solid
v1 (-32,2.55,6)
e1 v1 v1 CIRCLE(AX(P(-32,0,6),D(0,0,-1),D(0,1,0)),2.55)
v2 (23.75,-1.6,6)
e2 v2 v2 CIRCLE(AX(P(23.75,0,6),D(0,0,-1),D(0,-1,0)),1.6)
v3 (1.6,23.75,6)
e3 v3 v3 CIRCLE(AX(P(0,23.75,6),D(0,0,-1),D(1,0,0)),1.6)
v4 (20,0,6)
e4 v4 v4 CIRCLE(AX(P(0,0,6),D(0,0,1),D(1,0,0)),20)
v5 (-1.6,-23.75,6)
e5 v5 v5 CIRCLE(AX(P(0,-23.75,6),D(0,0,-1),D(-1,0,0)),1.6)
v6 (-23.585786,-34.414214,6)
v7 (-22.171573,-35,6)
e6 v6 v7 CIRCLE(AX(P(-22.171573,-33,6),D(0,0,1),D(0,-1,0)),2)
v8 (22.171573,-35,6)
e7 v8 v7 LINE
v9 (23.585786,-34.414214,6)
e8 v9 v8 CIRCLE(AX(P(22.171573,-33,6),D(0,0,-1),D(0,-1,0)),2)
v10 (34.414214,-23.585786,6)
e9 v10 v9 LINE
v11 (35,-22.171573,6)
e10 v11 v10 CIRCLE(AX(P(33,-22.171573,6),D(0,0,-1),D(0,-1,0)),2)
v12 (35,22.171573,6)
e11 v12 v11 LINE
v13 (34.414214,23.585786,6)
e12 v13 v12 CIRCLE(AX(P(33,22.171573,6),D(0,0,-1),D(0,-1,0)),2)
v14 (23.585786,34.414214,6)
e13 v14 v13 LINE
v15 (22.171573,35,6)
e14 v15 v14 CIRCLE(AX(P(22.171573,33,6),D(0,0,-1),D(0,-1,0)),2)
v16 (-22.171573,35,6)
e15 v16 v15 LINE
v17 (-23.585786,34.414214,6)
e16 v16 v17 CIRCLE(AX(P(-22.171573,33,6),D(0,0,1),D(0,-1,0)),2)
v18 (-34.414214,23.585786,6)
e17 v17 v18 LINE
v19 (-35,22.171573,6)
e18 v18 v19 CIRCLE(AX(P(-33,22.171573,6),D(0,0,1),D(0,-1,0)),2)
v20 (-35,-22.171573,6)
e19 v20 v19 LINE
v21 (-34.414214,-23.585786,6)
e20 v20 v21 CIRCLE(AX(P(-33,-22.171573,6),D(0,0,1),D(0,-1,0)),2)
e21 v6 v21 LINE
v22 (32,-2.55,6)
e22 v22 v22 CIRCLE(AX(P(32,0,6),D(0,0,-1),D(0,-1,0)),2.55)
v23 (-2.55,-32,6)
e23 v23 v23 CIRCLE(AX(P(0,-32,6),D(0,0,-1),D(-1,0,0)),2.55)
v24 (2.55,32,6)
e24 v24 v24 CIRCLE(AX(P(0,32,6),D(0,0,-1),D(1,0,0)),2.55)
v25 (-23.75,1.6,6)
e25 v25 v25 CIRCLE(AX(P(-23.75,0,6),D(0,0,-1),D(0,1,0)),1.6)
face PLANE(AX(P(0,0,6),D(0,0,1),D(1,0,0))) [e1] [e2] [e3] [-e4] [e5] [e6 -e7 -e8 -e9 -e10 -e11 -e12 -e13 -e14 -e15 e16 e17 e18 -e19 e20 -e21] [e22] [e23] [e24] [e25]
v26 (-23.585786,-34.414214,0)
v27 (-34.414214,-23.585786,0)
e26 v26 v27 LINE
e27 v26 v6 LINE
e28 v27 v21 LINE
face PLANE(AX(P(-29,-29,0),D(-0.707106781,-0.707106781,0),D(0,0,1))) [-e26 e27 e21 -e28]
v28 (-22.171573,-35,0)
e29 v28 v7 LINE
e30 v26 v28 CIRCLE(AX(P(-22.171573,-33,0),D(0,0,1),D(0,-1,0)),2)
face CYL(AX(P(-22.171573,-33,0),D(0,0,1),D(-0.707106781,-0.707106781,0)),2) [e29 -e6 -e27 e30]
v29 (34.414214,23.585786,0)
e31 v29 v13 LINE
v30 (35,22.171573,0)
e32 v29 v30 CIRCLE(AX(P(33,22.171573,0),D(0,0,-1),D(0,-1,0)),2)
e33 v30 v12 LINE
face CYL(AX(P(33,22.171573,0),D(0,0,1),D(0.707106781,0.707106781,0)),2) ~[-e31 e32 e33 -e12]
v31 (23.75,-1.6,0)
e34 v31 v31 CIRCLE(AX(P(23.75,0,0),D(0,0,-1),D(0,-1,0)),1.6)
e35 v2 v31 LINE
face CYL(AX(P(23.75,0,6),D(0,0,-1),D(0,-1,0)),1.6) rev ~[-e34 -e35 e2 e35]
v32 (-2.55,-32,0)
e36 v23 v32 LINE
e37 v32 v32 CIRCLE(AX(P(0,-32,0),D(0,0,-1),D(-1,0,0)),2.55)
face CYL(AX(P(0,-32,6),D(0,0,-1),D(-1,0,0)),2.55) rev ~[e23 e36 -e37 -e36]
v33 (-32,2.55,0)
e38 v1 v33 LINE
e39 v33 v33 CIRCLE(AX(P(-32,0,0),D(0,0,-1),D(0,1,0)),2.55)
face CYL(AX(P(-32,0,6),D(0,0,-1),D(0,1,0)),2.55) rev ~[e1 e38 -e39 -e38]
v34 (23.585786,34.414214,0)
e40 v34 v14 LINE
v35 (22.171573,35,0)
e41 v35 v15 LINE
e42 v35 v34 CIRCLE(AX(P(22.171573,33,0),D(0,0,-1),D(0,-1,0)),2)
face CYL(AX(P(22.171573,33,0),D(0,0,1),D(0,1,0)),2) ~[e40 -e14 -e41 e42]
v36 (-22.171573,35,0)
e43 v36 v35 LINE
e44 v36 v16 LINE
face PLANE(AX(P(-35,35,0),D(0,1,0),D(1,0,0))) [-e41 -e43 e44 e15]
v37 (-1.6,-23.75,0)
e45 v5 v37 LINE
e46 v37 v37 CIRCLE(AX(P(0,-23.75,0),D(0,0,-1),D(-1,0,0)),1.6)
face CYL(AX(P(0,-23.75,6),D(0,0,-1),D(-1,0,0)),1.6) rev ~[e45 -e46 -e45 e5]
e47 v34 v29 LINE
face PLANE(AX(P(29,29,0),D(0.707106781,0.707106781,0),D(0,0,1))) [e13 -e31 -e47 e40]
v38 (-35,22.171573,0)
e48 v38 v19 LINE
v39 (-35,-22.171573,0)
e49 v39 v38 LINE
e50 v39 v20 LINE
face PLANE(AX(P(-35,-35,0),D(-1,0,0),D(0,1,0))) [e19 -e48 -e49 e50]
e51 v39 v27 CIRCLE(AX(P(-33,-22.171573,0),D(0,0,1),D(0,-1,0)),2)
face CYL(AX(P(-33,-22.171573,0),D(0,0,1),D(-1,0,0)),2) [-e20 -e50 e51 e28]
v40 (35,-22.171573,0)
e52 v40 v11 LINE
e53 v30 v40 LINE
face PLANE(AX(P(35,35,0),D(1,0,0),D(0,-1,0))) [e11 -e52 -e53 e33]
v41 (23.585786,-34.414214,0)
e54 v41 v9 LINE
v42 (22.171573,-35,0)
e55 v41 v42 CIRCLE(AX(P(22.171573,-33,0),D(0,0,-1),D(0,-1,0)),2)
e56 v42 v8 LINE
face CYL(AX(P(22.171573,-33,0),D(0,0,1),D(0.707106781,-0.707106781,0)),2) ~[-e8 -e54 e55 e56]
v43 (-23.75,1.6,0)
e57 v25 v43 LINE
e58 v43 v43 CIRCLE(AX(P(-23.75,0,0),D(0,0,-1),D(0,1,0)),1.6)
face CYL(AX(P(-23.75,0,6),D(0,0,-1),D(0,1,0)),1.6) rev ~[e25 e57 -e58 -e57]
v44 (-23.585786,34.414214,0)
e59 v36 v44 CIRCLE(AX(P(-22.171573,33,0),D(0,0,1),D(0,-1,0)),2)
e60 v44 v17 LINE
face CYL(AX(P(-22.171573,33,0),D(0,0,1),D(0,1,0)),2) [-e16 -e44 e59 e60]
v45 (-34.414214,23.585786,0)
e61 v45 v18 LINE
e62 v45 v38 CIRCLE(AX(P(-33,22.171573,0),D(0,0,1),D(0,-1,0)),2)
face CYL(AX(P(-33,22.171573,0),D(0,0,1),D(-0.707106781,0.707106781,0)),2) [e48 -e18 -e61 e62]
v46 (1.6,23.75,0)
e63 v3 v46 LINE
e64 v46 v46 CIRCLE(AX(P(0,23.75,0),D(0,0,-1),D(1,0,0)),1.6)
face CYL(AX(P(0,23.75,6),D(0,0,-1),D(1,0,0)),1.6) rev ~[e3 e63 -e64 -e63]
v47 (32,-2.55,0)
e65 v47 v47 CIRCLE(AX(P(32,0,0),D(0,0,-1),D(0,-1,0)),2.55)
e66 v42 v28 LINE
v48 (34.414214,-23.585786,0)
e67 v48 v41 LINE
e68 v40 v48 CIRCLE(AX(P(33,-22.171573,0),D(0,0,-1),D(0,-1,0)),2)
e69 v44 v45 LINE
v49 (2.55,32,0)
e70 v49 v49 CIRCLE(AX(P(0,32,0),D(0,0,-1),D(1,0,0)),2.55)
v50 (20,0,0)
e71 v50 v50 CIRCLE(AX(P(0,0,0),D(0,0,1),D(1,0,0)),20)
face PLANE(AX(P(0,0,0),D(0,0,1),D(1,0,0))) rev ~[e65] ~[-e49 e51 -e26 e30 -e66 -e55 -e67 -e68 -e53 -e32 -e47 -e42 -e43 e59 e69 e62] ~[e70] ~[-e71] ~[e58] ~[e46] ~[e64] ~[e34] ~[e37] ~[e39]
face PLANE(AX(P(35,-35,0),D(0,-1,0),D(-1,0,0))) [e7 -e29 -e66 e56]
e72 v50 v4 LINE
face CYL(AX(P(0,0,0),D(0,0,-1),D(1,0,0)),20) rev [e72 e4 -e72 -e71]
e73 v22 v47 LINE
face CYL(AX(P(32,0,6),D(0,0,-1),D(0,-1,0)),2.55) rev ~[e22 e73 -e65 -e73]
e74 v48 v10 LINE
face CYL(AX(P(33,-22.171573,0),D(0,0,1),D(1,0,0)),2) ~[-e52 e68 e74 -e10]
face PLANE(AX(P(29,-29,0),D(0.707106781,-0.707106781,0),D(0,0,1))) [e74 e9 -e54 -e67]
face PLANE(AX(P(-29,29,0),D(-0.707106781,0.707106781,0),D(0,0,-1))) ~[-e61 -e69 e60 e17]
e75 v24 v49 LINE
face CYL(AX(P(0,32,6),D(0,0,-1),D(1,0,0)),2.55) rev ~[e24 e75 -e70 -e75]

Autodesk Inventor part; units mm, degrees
ref_plane "YZ Plane" through (0, 0, 0) normal (1, 0, 0) x (0, 1, 0)
ref_plane "XZ Plane" through (0, 0, 0) normal (0, 1, 0) x (-1, 0, 0)
ref_plane "XY Plane" through (0, 0, 0) normal (0, 0, 1) x (1, 0, 0)
sketch "Sketch1" plane through (0, 0, 0) normal (0, 0, 1) x (1, 0, 0)
  line L0 (-35, 35) -> (35, 35)
  line L1 (35, 35) -> (35, -35)
  line L2 (35, -35) -> (-35, -35)
  line L3 (-35, -35) -> (-35, 35)
  circle A0 centre (0, 0) radius 20
  point P0 (35, 0)
  point P1 (0, 35)
  dimension "d0" = 70
  dimension "d1" = 40
extrude "Extrusion1" add sketch "Sketch1" along normal blind 6
chamfer "Chamfer1" distance 12 angle 45 4 edges at (35, 35, 3) (35, -35, 3) (-35, -35, 3) (-35, 35, 3)
fillet "Fillet1" radius 2 8 edges at (-23, 35, 3) (23, 35, 3) (35, 23, 3) (35, -23, 3) (23, -35, 3) (-23, -35, 3) (-35, -23, 3) (-35, 23, 3)
sketch "Sketch2" plane through (0, 0, 6) normal (0, 0, 1) x (1, 0, 0)
  circle A0 centre (0, 0) radius 32 construction
  point P0 (32, 0)
  dimension "d8" = 64
hole "Hole1" at (32, 0, 6) direction (0, 0, -1) diameter 5.1 end through all
pattern_circular "Circular Pattern1" count 4 over 360 about axis through (0, 0, -10) along (0, 0, 1) of "Hole1"
sketch "Sketch3" plane through (0, 0, 6) normal (0, 0, 1) x (1, 0, 0)
  circle A0 centre (0, 0) radius 23.75 construction
  point P0 (23.75, 0)
  dimension "d19" = 47.5
hole "Hole2" at (23.75, 0, 6) direction (0, 0, -1) diameter 3.2 end through all
pattern_circular "Circular Pattern2" count 4 over 360 about axis through (0, 0, -10) along (0, 0, 1) of "Hole2"
properties part number "plasma-box-spacer-6mm" material "Copper"
